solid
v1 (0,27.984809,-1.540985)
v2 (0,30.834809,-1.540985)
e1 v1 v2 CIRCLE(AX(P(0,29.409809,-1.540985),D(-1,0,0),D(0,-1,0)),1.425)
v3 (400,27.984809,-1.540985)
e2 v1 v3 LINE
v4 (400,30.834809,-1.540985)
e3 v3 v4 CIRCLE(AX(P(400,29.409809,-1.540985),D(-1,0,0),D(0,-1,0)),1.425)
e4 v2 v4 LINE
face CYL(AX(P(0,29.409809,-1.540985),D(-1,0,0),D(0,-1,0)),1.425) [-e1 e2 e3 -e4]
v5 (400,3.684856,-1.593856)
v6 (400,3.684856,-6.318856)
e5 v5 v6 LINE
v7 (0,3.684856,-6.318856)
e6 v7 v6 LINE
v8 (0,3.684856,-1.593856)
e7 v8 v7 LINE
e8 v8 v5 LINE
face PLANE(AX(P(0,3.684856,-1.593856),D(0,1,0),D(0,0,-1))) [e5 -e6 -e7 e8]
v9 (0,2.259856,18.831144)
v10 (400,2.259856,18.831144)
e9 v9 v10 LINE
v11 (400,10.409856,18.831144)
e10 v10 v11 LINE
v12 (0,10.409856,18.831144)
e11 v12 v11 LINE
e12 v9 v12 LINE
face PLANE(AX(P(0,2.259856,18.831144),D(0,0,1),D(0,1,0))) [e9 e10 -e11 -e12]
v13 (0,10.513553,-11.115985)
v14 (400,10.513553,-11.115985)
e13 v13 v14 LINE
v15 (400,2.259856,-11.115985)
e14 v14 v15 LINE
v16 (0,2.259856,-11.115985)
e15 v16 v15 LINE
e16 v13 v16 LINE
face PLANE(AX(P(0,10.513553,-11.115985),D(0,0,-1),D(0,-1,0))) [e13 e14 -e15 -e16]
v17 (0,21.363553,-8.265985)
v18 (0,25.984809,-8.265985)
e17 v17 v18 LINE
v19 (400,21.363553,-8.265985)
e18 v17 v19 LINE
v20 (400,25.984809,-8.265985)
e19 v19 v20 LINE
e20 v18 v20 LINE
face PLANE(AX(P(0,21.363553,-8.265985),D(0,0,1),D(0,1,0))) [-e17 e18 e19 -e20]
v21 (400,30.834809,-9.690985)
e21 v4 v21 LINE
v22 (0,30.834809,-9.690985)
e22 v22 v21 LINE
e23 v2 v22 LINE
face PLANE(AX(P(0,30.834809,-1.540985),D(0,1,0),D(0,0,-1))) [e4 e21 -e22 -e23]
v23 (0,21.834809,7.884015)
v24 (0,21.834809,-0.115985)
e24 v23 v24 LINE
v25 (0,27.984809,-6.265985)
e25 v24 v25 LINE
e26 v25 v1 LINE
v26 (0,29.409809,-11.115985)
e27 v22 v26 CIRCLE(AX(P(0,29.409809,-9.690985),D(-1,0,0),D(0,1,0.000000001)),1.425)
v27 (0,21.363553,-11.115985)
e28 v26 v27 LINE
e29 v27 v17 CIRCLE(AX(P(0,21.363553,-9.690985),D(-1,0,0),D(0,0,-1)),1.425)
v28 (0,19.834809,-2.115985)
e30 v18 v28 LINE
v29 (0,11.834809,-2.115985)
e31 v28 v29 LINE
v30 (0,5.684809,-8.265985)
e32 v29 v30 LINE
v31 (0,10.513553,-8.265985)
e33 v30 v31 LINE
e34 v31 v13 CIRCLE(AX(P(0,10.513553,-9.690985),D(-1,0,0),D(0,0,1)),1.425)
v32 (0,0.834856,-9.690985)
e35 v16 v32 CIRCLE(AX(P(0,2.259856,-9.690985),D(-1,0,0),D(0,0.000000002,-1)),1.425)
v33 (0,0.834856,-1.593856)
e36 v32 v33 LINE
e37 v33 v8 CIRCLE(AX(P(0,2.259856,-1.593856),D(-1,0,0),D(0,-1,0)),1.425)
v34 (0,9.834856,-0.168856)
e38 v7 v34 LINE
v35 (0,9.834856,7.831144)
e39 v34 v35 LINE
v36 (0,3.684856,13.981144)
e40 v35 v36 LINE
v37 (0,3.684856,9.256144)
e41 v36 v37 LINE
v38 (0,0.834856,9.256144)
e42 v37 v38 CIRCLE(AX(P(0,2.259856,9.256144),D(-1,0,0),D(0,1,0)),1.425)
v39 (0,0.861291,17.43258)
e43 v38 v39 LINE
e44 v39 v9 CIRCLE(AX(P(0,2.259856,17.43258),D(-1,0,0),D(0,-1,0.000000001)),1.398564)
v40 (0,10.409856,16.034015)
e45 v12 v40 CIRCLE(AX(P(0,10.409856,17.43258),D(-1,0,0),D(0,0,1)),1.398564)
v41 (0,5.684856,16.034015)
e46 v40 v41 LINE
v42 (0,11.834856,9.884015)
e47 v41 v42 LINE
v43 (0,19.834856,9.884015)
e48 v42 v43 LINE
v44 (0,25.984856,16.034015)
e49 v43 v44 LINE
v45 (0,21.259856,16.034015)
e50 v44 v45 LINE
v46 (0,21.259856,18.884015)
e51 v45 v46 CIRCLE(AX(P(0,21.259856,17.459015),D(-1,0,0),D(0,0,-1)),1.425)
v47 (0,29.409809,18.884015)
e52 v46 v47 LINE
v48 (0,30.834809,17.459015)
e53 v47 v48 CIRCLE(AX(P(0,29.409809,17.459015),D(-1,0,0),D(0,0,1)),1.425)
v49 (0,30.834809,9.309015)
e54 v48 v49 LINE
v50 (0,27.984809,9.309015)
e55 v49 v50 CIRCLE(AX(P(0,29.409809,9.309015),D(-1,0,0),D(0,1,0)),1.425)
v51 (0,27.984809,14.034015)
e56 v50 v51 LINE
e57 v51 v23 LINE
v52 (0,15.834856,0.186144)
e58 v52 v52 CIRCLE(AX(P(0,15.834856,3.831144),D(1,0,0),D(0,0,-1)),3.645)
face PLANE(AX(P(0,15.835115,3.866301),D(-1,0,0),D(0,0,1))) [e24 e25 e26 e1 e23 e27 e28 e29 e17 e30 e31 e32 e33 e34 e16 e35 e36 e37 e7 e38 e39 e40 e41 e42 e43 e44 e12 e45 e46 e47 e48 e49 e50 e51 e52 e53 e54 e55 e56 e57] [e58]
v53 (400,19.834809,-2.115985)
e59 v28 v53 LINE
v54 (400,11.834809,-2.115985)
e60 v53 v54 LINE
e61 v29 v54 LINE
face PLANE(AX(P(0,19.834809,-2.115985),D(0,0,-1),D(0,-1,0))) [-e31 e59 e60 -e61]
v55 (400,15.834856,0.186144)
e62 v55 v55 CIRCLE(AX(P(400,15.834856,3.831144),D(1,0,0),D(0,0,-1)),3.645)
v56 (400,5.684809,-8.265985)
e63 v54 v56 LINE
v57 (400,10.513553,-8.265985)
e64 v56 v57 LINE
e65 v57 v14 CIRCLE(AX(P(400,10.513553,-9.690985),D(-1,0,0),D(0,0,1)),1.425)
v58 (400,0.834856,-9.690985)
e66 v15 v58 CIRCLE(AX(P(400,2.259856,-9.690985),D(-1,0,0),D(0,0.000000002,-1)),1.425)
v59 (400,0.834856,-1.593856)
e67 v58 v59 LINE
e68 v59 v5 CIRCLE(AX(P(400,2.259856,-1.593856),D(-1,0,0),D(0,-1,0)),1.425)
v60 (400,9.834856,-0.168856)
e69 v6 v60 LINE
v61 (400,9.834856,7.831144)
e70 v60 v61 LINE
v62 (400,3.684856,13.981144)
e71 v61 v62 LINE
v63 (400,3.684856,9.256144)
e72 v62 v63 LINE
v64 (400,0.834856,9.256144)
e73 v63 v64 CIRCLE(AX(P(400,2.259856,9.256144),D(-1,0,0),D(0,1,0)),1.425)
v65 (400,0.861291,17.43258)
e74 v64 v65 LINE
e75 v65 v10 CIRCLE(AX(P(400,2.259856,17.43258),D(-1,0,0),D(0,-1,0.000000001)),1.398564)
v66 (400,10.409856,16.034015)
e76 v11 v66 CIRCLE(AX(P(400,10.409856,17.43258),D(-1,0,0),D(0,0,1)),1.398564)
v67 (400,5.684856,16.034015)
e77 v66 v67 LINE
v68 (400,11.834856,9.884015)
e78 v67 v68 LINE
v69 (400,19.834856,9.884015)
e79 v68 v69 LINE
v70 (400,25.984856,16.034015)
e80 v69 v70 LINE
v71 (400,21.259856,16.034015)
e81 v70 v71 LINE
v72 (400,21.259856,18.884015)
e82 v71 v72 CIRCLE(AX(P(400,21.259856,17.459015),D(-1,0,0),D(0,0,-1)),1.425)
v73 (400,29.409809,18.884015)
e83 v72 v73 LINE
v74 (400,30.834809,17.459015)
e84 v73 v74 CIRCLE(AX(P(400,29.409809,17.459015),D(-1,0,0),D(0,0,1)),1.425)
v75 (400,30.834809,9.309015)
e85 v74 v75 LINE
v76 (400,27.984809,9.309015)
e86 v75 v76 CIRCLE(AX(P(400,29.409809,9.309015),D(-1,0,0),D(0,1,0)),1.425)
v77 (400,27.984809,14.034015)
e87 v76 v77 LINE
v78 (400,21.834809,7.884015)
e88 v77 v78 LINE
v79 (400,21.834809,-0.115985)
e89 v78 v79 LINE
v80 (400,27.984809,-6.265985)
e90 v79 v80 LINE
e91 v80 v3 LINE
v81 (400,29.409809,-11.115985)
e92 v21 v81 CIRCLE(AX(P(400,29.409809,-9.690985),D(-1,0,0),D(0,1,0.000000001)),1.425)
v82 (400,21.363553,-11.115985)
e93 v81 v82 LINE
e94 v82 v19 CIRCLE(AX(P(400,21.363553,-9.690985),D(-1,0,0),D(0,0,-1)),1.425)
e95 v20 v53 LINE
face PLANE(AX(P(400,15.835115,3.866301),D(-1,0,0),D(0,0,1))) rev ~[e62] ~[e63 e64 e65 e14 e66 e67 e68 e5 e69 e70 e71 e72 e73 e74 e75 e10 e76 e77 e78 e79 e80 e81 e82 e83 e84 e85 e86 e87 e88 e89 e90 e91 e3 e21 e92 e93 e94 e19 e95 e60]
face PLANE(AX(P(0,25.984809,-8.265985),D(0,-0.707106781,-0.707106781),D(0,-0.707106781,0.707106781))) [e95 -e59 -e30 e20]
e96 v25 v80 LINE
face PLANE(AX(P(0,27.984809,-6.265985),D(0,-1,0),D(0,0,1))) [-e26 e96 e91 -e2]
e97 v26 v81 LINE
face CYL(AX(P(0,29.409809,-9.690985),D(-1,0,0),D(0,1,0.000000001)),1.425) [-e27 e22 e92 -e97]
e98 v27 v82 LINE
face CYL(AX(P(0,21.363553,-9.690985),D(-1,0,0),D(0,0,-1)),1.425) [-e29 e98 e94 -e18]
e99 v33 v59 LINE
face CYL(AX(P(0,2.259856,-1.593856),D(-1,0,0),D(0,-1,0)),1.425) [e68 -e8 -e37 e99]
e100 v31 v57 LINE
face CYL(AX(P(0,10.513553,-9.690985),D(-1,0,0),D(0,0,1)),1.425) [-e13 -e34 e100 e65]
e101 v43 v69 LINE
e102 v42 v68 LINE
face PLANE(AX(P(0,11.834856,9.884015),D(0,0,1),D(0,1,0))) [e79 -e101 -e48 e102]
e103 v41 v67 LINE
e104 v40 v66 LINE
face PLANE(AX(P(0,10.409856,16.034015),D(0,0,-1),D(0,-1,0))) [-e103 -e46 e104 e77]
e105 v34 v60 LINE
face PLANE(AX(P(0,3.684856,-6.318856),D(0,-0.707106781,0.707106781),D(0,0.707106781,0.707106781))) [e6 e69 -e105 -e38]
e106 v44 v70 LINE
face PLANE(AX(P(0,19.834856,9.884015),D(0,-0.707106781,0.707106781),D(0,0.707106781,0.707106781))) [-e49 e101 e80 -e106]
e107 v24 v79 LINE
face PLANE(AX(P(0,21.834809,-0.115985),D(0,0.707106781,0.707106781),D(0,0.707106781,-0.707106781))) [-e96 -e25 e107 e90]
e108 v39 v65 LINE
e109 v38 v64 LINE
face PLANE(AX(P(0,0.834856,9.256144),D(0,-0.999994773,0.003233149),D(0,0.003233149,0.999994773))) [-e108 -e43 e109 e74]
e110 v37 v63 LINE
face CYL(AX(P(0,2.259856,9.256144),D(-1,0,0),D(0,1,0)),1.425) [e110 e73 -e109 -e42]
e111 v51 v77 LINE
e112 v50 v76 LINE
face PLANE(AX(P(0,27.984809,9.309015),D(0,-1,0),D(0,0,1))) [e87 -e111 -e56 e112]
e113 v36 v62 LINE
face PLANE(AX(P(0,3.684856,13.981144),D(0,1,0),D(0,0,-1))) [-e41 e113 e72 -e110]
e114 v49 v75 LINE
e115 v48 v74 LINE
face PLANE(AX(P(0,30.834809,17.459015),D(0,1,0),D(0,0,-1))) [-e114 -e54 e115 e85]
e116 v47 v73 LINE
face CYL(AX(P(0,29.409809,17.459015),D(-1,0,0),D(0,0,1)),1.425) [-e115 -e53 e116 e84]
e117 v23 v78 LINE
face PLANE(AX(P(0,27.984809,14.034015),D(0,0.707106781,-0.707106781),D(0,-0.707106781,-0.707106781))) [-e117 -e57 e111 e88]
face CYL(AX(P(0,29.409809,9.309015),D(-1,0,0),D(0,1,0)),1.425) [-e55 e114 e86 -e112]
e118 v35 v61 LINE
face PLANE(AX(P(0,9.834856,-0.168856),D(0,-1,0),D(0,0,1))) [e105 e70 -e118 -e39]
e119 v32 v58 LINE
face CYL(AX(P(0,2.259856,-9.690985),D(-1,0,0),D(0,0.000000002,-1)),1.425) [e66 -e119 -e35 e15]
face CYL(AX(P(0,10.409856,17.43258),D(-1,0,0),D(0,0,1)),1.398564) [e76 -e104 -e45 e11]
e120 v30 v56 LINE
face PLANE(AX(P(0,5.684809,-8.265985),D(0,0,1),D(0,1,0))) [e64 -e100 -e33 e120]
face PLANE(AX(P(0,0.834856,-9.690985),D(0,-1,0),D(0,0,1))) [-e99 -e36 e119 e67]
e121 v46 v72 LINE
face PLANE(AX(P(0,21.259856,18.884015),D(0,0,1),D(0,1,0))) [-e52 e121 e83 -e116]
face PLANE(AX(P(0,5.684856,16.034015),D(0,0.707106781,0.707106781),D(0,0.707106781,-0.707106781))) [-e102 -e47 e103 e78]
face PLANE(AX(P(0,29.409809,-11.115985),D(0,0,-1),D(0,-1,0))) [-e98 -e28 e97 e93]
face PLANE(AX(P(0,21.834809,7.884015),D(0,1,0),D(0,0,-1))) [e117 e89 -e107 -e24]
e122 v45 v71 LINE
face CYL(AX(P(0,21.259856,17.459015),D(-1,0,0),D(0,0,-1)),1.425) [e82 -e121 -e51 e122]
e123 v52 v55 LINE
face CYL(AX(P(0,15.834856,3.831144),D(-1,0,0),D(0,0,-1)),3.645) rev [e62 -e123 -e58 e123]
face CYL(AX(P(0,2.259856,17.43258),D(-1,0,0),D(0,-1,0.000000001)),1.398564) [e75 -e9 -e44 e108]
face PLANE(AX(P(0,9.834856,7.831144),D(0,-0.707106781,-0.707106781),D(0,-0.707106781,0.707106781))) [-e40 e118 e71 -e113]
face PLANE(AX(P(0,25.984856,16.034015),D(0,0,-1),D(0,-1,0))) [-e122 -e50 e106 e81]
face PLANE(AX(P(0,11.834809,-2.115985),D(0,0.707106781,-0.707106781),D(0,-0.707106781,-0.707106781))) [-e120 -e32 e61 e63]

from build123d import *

# Parameters (mm, degrees)
CROQUIS1_R              = 3.645
SALIENTE_EXTRUIR1_DEPTH = 400


with BuildPart() as part:
    # Croquis1 → Saliente-Extruir1 (new body)
    with BuildSketch(Plane(origin=(0, 0, 0), x_dir=(0, 0, -1), z_dir=(1, 0, 0))):
        with BuildLine():
            Line((1.593856078, 3.684855586), (6.318856078, 3.684855586))
            Line((6.318856078, 3.684855586), (0.168856078, 9.834855586))
            Line((0.168856078, 9.834855586), (-7.831143922, 9.834855586))
            Line((-7.831143922, 9.834855586), (-13.981143922, 3.684855586))
            Line((-13.981143922, 3.684855586), (-9.256143922, 3.684855586))
            ThreePointArc((-9.256143922, 3.684855586), (-7.831143922, 2.259855586), (-9.256143922, 0.834855586))
            Line((-9.256143922, 0.834855586), (-17.432579695, 0.861291358))
            ThreePointArc((-17.432579695, 0.861291358), (-18.421513944, 1.270921337), (-18.831143922, 2.259855586))
            Line((-18.831143922, 2.259855586), (-18.831143922, 10.409855586))
            ThreePointArc((-18.831143922, 10.409855586), (-17.432579695, 11.808419813), (-16.034015468, 10.409855586))
            Line((-16.034015468, 10.409855586), (-16.034015468, 5.684855586))
            Line((-16.034015468, 5.684855586), (-9.884015468, 11.834855586))
            Line((-9.884015468, 11.834855586), (-9.884015468, 19.834855586))
            Line((-9.884015468, 19.834855586), (-16.034015468, 25.984855586))
            Line((-16.034015468, 25.984855586), (-16.034015468, 21.259855586))
            ThreePointArc((-16.034015468, 21.259855586), (-17.459015468, 19.834855586), (-18.884015468, 21.259855586))
            Line((-18.884015468, 21.259855586), (-18.884015468, 29.409808996))
            ThreePointArc((-18.884015468, 29.409808996), (-18.466642631, 30.417436159), (-17.459015468, 30.834808996))
            Line((-17.459015468, 30.834808996), (-9.309015468, 30.834808996))
            ThreePointArc((-9.309015468, 30.834808996), (-7.884015468, 29.409808996), (-9.309015468, 27.984808996))
            Line((-9.309015468, 27.984808996), (-14.034015468, 27.984808996))
            Line((-14.034015468, 27.984808996), (-7.884015468, 21.834808996))
            Line((-7.884015468, 21.834808996), (0.115984532, 21.834808996))
            Line((0.115984532, 21.834808996), (6.265984532, 27.984808996))
            Line((6.265984532, 27.984808996), (1.540984532, 27.984808996))
            ThreePointArc((1.540984532, 27.984808996), (0.115984532, 29.409808996), (1.540984532, 30.834808996))
            Line((1.540984532, 30.834808996), (9.690984532, 30.834808996))
            ThreePointArc((9.690984532, 30.834808996), (10.698611696, 30.417436159), (11.115984532, 29.409808996))
            Line((11.115984532, 29.409808996), (11.115984532, 21.363552681))
            ThreePointArc((11.115984532, 21.363552681), (9.690984532, 19.938552681), (8.265984532, 21.363552681))
            Line((8.265984532, 21.363552681), (8.265984532, 25.984808996))
            Line((8.265984532, 25.984808996), (2.115984532, 19.834808996))
            Line((2.115984532, 19.834808996), (2.115984532, 11.834808996))
            Line((2.115984532, 11.834808996), (8.265984532, 5.684808996))
            Line((8.265984532, 5.684808996), (8.265984532, 10.513552681))
            ThreePointArc((8.265984532, 10.513552681), (9.690984532, 11.938552681), (11.115984532, 10.513552681))
            Line((11.115984532, 10.513552681), (11.115984532, 2.259855586))
            ThreePointArc((11.115984532, 2.259855586), (10.698611696, 1.252228422), (9.690984532, 0.834855586))
            Line((9.690984532, 0.834855586), (1.593856078, 0.834855586))
            ThreePointArc((1.593856078, 0.834855586), (0.168856078, 2.259855586), (1.593856078, 3.684855586))
        make_face()
        with Locations((-3.831143922, 15.834855586)):
            Circle(CROQUIS1_R, mode=Mode.SUBTRACT)
    extrude(amount=SALIENTE_EXTRUIR1_DEPTH)


solid = part.part
